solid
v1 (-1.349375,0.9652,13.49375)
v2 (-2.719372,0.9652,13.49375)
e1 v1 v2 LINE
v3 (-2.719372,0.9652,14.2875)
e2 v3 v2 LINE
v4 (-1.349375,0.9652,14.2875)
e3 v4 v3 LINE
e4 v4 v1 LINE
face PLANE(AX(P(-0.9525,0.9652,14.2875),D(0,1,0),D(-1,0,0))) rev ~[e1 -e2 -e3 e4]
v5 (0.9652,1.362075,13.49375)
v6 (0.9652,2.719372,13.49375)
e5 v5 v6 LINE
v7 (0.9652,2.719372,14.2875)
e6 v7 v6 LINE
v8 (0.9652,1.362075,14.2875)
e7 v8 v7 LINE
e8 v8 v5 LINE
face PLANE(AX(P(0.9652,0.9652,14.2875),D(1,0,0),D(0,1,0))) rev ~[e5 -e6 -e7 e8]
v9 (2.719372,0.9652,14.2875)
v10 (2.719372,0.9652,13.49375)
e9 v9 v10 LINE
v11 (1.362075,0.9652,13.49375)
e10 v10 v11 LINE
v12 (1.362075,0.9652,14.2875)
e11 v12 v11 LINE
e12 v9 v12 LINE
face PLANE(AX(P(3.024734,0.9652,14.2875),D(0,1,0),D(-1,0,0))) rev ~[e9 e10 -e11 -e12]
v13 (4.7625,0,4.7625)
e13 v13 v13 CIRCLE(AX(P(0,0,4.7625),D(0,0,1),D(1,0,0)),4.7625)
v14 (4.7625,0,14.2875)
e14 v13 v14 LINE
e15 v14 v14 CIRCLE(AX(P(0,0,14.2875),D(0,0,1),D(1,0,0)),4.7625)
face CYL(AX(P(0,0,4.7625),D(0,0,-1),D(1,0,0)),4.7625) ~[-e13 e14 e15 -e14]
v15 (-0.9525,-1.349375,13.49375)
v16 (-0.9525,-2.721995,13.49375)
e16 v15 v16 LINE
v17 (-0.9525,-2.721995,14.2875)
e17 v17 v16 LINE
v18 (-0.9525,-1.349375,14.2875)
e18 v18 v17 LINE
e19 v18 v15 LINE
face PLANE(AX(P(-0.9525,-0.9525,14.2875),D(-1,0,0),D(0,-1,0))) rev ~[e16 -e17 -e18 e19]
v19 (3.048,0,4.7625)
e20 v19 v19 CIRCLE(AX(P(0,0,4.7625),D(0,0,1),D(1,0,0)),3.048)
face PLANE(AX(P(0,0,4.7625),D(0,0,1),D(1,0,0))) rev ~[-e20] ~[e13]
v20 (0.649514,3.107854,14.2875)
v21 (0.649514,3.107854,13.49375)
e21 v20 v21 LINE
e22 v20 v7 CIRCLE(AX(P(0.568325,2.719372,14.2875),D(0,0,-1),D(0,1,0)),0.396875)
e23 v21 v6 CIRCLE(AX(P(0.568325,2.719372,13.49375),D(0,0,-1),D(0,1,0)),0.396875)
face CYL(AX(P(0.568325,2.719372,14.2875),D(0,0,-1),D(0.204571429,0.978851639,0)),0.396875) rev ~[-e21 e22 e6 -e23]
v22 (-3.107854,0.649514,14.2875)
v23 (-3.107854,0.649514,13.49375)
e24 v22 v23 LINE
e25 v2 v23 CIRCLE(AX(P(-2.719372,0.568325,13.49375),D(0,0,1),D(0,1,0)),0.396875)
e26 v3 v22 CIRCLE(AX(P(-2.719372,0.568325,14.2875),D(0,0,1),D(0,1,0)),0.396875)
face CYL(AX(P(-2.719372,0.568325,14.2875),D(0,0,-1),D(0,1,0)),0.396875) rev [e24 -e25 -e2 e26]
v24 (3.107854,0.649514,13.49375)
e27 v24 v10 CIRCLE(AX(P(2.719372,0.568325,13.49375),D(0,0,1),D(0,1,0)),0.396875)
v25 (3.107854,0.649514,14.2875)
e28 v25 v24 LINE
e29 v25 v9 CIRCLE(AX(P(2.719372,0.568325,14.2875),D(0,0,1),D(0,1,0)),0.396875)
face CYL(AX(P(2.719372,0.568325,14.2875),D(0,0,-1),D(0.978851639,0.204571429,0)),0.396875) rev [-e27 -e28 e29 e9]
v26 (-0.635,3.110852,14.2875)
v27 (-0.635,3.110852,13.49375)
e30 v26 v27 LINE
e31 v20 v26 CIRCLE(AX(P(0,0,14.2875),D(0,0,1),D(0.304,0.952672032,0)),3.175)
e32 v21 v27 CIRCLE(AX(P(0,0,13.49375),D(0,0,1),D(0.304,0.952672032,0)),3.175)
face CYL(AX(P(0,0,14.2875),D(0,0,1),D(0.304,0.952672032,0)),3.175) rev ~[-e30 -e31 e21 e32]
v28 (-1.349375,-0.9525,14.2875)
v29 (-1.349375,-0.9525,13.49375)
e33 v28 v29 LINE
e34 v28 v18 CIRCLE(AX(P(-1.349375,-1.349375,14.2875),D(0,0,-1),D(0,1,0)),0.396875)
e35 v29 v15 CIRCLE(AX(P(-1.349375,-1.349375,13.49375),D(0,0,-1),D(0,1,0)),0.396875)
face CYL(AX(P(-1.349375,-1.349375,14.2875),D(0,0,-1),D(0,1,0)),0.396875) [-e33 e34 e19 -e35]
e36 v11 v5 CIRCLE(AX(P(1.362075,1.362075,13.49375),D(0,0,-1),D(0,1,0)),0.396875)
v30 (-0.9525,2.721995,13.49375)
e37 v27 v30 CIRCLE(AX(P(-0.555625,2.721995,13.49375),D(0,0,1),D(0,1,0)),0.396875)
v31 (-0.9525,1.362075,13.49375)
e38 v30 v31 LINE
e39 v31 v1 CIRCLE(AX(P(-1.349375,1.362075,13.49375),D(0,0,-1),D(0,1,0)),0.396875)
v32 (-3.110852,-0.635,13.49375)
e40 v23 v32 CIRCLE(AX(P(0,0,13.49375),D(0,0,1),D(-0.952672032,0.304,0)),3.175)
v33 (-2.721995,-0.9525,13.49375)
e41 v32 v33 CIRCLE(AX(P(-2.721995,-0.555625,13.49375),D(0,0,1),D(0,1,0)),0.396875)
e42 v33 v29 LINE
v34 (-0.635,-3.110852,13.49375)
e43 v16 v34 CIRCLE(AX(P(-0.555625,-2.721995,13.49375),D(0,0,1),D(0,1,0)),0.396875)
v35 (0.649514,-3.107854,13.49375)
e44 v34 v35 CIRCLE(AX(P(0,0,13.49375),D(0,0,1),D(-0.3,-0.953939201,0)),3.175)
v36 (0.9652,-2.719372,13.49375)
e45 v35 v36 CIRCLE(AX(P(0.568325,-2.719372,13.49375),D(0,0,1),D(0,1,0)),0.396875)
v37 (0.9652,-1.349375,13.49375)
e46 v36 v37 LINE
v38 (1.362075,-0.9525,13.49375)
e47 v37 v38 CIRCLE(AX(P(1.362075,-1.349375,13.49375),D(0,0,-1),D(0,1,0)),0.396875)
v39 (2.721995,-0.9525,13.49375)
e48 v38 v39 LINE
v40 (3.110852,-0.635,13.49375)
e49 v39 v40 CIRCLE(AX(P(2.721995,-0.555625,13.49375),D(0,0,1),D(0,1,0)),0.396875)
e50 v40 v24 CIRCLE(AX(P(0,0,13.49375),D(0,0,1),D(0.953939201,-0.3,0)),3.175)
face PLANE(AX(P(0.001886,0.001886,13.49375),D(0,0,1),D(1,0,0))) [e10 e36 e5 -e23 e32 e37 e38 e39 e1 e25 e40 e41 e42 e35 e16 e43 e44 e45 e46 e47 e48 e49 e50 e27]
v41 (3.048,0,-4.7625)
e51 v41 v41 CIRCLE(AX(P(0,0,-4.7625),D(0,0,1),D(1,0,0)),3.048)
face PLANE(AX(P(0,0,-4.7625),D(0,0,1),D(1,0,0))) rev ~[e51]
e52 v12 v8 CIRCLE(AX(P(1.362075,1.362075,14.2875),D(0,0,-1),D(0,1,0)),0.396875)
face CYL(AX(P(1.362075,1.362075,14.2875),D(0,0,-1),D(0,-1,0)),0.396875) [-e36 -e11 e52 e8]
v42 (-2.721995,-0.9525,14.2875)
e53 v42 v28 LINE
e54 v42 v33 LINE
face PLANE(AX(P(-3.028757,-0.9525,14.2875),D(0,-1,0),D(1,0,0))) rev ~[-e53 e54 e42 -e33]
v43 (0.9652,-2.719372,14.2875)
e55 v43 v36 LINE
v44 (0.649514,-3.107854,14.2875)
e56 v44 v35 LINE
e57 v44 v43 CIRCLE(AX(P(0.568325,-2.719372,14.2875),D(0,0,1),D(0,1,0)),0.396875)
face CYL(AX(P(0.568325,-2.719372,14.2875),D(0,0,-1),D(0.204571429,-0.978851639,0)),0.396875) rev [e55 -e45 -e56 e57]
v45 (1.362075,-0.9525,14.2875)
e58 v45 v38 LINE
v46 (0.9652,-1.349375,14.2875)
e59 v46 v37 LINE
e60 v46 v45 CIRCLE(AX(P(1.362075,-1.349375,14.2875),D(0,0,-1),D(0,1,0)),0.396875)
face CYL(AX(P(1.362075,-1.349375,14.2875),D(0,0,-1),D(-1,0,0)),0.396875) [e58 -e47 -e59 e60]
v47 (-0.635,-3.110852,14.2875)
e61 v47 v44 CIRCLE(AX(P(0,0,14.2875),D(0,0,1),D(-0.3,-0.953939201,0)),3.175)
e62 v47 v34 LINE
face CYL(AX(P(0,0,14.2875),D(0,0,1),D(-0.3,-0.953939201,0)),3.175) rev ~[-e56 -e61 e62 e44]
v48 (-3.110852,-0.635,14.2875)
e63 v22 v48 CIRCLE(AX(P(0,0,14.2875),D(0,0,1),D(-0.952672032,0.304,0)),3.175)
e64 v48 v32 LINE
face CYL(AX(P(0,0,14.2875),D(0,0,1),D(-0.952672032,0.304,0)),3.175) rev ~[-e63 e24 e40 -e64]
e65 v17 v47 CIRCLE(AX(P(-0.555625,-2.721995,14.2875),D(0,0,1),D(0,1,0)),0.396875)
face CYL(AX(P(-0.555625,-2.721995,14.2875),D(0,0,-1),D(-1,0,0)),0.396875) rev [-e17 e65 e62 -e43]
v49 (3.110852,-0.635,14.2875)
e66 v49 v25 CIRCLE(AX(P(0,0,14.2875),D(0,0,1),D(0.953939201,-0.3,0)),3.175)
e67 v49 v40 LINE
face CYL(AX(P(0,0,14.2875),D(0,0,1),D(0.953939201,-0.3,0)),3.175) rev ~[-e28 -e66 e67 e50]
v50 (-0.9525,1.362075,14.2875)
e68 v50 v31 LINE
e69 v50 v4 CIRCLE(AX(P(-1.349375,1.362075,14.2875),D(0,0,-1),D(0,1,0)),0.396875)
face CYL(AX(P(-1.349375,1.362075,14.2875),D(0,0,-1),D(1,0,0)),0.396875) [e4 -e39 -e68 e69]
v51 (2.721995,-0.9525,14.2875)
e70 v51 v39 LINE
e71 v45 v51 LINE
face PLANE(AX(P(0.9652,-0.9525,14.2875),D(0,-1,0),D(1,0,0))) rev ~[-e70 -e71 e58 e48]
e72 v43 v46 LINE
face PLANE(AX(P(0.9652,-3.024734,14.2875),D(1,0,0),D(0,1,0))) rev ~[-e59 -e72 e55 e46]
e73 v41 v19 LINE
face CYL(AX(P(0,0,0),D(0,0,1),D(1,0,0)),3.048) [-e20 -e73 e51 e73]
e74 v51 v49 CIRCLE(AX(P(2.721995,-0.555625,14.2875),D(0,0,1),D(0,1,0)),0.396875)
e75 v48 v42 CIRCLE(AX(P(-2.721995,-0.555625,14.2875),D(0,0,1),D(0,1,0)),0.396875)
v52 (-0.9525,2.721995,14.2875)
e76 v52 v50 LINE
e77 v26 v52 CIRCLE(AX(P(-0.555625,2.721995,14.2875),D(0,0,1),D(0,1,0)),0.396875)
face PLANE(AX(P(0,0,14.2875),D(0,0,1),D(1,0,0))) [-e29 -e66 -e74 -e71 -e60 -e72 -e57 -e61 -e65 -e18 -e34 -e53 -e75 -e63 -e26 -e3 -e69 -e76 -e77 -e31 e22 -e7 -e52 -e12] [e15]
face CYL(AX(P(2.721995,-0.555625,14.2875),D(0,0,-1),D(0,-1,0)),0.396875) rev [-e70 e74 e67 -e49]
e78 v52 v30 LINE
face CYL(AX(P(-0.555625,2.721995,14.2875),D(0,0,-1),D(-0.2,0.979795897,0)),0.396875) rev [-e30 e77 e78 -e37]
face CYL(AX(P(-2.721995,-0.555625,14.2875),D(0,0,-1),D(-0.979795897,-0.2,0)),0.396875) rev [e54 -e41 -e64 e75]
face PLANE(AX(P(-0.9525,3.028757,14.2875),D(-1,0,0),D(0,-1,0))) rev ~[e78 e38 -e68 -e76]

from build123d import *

# Parameters (mm, degrees)
F0_R     = 3.048
F1_DEPTH = 4.7625
F2_R     = 4.7625
F3_DEPTH = 9.525
F5_DEPTH = 0.79375
F6_R     = 0.396875


with BuildPart() as f1:
    # F0 (on Top) → F1 (new body, symmetric)
    with BuildSketch(Plane.XY):
        Circle(F0_R)
    extrude(amount=F1_DEPTH, both=True)

    # F2 (on face) → F3 (join)
    with BuildSketch(Plane.XY.offset(4.7625)):
        Circle(F2_R)
    extrude(amount=F3_DEPTH)

    # F4 (on face) → F5 (cut)
    with BuildSketch(Plane.XY.offset(14.2875)):
        with BuildLine():
            ThreePointArc((0.9652, 3.0247337007), (0.0066610182, 3.1749930127), (-0.9525, 3.0287569645))
            Line((-0.9525, 3.0287569645), (-0.9525, 0.9652))
            Line((-0.9525, 0.9652), (-3.0247337007, 0.9652))
            ThreePointArc((-3.0247337007, 0.9652), (-3.1749930127, 0.0066610182), (-3.0287569645, -0.9525))
            Line((-3.0287569645, -0.9525), (-0.9525, -0.9525))
            Line((-0.9525, -0.9525), (-0.9525, -3.0287569645))
            ThreePointArc((-0.9525, -3.0287569645), (0.0066610182, -3.1749930127), (0.9652, -3.0247337007))
            Line((0.9652, -3.0247337007), (0.9652, -0.9525))
            Line((0.9652, -0.9525), (3.0287569645, -0.9525))
            ThreePointArc((3.0287569645, -0.9525), (3.1749930127, 0.0066610182), (3.0247337007, 0.9652))
            Line((3.0247337007, 0.9652), (0.9652, 0.9652))
            Line((0.9652, 0.9652), (0.9652, 3.0247337007))
        make_face()
    extrude(amount=-F5_DEPTH, mode=Mode.SUBTRACT)

    # F6
    f6_edges = [f1.edges().sort_by_distance(p)[0] for p in [
        (-0.9525, 0.9652, 13.890625),
        (0.9652, 0.9652, 13.890625),
        (0.9652, -0.9525, 13.890625),
        (-0.9525, -0.9525, 13.890625),
        (-3.028757, -0.9525, 13.890625),
        (-3.024734, 0.9652, 13.890625),
        (0.9652, -3.024734, 13.890625),
        (3.028757, -0.9525, 13.890625),
        (3.024734, 0.9652, 13.890625),
        (0.9652, 3.024734, 13.890625),
        (-0.9525, 3.028757, 13.890625),
        (-0.9525, -3.028757, 13.890625),
    ]]
    fillet(f6_edges, radius=F6_R)


solid = f1.part
